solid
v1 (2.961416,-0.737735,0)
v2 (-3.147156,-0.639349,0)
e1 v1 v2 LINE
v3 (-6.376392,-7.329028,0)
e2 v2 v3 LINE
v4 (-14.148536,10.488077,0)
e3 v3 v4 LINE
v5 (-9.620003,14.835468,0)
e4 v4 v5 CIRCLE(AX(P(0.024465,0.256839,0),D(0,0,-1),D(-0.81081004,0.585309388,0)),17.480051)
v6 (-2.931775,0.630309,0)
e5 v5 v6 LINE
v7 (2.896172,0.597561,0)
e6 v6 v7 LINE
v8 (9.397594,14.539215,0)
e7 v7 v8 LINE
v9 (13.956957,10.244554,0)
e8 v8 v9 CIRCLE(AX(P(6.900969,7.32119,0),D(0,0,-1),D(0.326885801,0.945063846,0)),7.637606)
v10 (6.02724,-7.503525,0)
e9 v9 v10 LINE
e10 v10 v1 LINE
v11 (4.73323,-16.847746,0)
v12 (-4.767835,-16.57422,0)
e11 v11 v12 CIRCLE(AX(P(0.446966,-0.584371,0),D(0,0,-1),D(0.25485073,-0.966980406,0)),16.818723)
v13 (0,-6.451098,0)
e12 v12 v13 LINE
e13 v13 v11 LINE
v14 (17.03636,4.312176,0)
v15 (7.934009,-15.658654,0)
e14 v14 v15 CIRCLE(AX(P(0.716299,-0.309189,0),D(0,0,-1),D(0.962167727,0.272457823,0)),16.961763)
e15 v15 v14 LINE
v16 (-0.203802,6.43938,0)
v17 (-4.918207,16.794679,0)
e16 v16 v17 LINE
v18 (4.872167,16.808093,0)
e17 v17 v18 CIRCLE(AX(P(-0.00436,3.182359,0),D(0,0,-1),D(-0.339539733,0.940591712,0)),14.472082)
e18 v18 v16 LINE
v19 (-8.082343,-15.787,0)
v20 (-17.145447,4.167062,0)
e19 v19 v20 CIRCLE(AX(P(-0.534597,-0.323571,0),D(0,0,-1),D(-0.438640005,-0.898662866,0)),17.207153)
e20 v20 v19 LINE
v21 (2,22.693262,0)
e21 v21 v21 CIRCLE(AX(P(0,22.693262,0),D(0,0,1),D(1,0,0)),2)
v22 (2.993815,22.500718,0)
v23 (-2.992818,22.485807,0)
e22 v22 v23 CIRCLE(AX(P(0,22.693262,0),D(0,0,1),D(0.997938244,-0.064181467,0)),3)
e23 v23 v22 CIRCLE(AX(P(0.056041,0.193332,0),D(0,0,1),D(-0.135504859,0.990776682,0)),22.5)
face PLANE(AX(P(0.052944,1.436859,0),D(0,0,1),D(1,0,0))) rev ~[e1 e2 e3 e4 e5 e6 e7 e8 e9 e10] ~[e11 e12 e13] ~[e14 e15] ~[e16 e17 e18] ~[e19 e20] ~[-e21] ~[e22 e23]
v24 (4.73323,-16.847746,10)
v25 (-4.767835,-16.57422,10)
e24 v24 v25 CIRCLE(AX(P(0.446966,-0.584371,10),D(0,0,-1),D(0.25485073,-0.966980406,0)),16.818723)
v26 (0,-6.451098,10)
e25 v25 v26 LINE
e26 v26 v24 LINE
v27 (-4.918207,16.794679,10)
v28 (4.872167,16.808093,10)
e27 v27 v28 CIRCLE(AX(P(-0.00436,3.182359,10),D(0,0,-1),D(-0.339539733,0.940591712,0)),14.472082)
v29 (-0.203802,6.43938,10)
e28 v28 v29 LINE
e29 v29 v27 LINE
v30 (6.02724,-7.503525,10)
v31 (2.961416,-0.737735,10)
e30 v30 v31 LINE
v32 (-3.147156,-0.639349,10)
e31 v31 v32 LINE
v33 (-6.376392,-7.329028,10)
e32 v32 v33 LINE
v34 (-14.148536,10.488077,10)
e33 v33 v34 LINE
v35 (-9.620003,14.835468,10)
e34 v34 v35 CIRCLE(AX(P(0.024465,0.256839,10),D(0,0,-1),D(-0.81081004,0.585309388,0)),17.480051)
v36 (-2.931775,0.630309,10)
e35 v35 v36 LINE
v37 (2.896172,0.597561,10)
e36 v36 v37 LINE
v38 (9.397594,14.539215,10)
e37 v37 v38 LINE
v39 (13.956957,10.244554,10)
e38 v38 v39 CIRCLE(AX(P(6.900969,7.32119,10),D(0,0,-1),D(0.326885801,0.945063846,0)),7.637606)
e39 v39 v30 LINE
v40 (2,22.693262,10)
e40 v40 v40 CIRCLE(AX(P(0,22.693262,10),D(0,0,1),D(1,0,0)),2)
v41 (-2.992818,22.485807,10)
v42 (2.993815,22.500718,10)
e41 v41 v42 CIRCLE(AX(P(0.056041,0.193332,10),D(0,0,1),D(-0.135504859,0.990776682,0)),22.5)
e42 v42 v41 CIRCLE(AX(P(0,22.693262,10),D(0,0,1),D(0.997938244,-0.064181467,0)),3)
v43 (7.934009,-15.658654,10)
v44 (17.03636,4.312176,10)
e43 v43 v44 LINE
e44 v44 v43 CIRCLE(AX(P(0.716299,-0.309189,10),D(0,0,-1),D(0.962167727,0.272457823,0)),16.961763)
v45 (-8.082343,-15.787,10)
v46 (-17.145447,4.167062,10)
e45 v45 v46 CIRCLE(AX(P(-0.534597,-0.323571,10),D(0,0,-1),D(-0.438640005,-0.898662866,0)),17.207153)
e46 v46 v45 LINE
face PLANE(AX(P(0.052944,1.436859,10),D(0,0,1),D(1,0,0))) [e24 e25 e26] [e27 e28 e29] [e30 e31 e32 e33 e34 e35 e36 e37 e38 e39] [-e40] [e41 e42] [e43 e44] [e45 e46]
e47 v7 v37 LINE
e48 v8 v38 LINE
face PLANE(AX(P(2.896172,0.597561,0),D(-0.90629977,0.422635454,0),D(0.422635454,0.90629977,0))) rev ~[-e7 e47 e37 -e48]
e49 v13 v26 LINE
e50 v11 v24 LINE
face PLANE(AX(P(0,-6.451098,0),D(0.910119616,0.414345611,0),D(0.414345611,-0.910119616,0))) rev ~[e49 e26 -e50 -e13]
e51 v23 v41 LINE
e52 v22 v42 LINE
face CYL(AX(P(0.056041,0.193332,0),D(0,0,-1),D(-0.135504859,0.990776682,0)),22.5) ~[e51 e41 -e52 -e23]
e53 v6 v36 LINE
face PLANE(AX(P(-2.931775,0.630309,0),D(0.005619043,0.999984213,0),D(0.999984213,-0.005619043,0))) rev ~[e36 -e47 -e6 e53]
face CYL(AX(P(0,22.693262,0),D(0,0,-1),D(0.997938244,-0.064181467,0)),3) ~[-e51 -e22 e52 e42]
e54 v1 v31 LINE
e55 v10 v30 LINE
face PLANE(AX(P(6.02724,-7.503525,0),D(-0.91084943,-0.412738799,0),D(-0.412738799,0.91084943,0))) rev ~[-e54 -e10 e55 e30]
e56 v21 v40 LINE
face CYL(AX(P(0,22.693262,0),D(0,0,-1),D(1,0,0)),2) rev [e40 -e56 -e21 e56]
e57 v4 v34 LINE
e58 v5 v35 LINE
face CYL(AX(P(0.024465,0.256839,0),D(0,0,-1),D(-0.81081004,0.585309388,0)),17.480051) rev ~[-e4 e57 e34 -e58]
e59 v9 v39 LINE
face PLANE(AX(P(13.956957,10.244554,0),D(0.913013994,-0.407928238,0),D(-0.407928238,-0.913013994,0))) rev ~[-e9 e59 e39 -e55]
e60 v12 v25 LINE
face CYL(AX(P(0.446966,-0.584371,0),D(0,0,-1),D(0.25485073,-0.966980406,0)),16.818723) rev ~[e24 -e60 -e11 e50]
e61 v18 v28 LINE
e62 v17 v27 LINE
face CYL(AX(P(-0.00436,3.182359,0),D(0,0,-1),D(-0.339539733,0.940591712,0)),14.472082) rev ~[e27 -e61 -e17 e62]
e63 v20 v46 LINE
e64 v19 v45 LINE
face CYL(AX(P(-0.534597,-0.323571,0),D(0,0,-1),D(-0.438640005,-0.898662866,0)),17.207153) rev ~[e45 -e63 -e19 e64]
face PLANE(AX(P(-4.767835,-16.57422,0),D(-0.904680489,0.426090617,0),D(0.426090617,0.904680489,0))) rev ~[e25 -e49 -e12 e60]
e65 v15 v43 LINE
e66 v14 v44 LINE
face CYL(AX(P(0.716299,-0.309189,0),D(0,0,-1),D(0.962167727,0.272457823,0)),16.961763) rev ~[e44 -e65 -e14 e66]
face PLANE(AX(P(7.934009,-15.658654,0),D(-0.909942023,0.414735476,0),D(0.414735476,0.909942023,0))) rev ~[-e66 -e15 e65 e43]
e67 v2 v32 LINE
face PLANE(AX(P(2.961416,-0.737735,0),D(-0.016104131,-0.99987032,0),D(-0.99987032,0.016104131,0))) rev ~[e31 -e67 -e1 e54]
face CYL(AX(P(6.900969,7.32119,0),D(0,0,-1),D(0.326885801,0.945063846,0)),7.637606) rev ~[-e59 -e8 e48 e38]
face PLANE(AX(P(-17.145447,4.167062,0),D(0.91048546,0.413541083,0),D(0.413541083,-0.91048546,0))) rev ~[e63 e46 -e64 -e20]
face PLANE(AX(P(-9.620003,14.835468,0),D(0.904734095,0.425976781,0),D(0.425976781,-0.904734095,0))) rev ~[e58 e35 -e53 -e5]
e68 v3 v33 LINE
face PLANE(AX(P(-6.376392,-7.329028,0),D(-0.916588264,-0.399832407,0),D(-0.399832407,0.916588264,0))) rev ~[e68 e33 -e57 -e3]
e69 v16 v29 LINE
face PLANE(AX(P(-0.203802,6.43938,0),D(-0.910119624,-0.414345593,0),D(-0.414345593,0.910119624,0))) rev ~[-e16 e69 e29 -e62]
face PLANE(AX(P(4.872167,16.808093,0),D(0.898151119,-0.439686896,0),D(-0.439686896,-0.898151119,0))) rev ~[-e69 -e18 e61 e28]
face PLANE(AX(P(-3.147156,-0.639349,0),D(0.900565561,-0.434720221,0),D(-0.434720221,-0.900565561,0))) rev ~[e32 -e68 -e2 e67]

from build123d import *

# Parameters (mm, degrees)
F0_R     = 2
F1_DEPTH = 10


with BuildPart() as f1:
    # F0 (on Top) → F1 (new body)
    with BuildSketch(Plane.XY):
        with BuildLine():
            ThreePointArc((2.993815, 22.500718), (-0.007472, 25.693253), (-2.992818, 22.485807))
            ThreePointArc((-2.992818, 22.485807), (0.112082, -22.306598), (2.993815, 22.500718))
        make_face()
        with BuildLine():
            ThreePointArc((4.73323, -16.847746), (-0.037027, -17.396128), (-4.767835, -16.57422))
            Line((-4.767835, -16.57422), (0, -6.451098))
            Line((0, -6.451098), (4.73323, -16.847746))
        make_face(mode=Mode.SUBTRACT)
        with BuildLine():
            ThreePointArc((-8.082343, -15.787), (-16.20146, -7.439435), (-17.145447, 4.167062))
            Line((-17.145447, 4.167062), (-8.082343, -15.787))
        make_face(mode=Mode.SUBTRACT)
        with BuildLine():
            ThreePointArc((17.03636, 4.312176), (16.15052, -7.343834), (7.934009, -15.658654))
            Line((7.934009, -15.658654), (17.03636, 4.312176))
        make_face(mode=Mode.SUBTRACT)
        with BuildLine():
            ThreePointArc((-14.148536, 10.488077), (-12.081026, 12.866727), (-9.620003, 14.835468))
            Line((-9.620003, 14.835468), (-2.931775, 0.630309))
            Line((-2.931775, 0.630309), (2.896172, 0.597561))
            Line((2.896172, 0.597561), (9.397594, 14.539215))
            ThreePointArc((9.397594, 14.539215), (12.137775, 12.880766), (13.956957, 10.244554))
            Line((13.956957, 10.244554), (6.02724, -7.503525))
            Line((6.02724, -7.503525), (2.961416, -0.737735))
            Line((2.961416, -0.737735), (-3.147156, -0.639349))
            Line((-3.147156, -0.639349), (-6.376392, -7.329028))
            Line((-6.376392, -7.329028), (-14.148536, 10.488077))
        make_face(mode=Mode.SUBTRACT)
        with BuildLine():
            ThreePointArc((-4.918207, 16.794679), (-0.024189, 17.654427), (4.872167, 16.808093))
            Line((4.872167, 16.808093), (-0.203802, 6.43938))
            Line((-0.203802, 6.43938), (-4.918207, 16.794679))
        make_face(mode=Mode.SUBTRACT)
        with Locations((0, 22.693262)):
            Circle(F0_R, mode=Mode.SUBTRACT)
    extrude(amount=F1_DEPTH)


solid = f1.part
